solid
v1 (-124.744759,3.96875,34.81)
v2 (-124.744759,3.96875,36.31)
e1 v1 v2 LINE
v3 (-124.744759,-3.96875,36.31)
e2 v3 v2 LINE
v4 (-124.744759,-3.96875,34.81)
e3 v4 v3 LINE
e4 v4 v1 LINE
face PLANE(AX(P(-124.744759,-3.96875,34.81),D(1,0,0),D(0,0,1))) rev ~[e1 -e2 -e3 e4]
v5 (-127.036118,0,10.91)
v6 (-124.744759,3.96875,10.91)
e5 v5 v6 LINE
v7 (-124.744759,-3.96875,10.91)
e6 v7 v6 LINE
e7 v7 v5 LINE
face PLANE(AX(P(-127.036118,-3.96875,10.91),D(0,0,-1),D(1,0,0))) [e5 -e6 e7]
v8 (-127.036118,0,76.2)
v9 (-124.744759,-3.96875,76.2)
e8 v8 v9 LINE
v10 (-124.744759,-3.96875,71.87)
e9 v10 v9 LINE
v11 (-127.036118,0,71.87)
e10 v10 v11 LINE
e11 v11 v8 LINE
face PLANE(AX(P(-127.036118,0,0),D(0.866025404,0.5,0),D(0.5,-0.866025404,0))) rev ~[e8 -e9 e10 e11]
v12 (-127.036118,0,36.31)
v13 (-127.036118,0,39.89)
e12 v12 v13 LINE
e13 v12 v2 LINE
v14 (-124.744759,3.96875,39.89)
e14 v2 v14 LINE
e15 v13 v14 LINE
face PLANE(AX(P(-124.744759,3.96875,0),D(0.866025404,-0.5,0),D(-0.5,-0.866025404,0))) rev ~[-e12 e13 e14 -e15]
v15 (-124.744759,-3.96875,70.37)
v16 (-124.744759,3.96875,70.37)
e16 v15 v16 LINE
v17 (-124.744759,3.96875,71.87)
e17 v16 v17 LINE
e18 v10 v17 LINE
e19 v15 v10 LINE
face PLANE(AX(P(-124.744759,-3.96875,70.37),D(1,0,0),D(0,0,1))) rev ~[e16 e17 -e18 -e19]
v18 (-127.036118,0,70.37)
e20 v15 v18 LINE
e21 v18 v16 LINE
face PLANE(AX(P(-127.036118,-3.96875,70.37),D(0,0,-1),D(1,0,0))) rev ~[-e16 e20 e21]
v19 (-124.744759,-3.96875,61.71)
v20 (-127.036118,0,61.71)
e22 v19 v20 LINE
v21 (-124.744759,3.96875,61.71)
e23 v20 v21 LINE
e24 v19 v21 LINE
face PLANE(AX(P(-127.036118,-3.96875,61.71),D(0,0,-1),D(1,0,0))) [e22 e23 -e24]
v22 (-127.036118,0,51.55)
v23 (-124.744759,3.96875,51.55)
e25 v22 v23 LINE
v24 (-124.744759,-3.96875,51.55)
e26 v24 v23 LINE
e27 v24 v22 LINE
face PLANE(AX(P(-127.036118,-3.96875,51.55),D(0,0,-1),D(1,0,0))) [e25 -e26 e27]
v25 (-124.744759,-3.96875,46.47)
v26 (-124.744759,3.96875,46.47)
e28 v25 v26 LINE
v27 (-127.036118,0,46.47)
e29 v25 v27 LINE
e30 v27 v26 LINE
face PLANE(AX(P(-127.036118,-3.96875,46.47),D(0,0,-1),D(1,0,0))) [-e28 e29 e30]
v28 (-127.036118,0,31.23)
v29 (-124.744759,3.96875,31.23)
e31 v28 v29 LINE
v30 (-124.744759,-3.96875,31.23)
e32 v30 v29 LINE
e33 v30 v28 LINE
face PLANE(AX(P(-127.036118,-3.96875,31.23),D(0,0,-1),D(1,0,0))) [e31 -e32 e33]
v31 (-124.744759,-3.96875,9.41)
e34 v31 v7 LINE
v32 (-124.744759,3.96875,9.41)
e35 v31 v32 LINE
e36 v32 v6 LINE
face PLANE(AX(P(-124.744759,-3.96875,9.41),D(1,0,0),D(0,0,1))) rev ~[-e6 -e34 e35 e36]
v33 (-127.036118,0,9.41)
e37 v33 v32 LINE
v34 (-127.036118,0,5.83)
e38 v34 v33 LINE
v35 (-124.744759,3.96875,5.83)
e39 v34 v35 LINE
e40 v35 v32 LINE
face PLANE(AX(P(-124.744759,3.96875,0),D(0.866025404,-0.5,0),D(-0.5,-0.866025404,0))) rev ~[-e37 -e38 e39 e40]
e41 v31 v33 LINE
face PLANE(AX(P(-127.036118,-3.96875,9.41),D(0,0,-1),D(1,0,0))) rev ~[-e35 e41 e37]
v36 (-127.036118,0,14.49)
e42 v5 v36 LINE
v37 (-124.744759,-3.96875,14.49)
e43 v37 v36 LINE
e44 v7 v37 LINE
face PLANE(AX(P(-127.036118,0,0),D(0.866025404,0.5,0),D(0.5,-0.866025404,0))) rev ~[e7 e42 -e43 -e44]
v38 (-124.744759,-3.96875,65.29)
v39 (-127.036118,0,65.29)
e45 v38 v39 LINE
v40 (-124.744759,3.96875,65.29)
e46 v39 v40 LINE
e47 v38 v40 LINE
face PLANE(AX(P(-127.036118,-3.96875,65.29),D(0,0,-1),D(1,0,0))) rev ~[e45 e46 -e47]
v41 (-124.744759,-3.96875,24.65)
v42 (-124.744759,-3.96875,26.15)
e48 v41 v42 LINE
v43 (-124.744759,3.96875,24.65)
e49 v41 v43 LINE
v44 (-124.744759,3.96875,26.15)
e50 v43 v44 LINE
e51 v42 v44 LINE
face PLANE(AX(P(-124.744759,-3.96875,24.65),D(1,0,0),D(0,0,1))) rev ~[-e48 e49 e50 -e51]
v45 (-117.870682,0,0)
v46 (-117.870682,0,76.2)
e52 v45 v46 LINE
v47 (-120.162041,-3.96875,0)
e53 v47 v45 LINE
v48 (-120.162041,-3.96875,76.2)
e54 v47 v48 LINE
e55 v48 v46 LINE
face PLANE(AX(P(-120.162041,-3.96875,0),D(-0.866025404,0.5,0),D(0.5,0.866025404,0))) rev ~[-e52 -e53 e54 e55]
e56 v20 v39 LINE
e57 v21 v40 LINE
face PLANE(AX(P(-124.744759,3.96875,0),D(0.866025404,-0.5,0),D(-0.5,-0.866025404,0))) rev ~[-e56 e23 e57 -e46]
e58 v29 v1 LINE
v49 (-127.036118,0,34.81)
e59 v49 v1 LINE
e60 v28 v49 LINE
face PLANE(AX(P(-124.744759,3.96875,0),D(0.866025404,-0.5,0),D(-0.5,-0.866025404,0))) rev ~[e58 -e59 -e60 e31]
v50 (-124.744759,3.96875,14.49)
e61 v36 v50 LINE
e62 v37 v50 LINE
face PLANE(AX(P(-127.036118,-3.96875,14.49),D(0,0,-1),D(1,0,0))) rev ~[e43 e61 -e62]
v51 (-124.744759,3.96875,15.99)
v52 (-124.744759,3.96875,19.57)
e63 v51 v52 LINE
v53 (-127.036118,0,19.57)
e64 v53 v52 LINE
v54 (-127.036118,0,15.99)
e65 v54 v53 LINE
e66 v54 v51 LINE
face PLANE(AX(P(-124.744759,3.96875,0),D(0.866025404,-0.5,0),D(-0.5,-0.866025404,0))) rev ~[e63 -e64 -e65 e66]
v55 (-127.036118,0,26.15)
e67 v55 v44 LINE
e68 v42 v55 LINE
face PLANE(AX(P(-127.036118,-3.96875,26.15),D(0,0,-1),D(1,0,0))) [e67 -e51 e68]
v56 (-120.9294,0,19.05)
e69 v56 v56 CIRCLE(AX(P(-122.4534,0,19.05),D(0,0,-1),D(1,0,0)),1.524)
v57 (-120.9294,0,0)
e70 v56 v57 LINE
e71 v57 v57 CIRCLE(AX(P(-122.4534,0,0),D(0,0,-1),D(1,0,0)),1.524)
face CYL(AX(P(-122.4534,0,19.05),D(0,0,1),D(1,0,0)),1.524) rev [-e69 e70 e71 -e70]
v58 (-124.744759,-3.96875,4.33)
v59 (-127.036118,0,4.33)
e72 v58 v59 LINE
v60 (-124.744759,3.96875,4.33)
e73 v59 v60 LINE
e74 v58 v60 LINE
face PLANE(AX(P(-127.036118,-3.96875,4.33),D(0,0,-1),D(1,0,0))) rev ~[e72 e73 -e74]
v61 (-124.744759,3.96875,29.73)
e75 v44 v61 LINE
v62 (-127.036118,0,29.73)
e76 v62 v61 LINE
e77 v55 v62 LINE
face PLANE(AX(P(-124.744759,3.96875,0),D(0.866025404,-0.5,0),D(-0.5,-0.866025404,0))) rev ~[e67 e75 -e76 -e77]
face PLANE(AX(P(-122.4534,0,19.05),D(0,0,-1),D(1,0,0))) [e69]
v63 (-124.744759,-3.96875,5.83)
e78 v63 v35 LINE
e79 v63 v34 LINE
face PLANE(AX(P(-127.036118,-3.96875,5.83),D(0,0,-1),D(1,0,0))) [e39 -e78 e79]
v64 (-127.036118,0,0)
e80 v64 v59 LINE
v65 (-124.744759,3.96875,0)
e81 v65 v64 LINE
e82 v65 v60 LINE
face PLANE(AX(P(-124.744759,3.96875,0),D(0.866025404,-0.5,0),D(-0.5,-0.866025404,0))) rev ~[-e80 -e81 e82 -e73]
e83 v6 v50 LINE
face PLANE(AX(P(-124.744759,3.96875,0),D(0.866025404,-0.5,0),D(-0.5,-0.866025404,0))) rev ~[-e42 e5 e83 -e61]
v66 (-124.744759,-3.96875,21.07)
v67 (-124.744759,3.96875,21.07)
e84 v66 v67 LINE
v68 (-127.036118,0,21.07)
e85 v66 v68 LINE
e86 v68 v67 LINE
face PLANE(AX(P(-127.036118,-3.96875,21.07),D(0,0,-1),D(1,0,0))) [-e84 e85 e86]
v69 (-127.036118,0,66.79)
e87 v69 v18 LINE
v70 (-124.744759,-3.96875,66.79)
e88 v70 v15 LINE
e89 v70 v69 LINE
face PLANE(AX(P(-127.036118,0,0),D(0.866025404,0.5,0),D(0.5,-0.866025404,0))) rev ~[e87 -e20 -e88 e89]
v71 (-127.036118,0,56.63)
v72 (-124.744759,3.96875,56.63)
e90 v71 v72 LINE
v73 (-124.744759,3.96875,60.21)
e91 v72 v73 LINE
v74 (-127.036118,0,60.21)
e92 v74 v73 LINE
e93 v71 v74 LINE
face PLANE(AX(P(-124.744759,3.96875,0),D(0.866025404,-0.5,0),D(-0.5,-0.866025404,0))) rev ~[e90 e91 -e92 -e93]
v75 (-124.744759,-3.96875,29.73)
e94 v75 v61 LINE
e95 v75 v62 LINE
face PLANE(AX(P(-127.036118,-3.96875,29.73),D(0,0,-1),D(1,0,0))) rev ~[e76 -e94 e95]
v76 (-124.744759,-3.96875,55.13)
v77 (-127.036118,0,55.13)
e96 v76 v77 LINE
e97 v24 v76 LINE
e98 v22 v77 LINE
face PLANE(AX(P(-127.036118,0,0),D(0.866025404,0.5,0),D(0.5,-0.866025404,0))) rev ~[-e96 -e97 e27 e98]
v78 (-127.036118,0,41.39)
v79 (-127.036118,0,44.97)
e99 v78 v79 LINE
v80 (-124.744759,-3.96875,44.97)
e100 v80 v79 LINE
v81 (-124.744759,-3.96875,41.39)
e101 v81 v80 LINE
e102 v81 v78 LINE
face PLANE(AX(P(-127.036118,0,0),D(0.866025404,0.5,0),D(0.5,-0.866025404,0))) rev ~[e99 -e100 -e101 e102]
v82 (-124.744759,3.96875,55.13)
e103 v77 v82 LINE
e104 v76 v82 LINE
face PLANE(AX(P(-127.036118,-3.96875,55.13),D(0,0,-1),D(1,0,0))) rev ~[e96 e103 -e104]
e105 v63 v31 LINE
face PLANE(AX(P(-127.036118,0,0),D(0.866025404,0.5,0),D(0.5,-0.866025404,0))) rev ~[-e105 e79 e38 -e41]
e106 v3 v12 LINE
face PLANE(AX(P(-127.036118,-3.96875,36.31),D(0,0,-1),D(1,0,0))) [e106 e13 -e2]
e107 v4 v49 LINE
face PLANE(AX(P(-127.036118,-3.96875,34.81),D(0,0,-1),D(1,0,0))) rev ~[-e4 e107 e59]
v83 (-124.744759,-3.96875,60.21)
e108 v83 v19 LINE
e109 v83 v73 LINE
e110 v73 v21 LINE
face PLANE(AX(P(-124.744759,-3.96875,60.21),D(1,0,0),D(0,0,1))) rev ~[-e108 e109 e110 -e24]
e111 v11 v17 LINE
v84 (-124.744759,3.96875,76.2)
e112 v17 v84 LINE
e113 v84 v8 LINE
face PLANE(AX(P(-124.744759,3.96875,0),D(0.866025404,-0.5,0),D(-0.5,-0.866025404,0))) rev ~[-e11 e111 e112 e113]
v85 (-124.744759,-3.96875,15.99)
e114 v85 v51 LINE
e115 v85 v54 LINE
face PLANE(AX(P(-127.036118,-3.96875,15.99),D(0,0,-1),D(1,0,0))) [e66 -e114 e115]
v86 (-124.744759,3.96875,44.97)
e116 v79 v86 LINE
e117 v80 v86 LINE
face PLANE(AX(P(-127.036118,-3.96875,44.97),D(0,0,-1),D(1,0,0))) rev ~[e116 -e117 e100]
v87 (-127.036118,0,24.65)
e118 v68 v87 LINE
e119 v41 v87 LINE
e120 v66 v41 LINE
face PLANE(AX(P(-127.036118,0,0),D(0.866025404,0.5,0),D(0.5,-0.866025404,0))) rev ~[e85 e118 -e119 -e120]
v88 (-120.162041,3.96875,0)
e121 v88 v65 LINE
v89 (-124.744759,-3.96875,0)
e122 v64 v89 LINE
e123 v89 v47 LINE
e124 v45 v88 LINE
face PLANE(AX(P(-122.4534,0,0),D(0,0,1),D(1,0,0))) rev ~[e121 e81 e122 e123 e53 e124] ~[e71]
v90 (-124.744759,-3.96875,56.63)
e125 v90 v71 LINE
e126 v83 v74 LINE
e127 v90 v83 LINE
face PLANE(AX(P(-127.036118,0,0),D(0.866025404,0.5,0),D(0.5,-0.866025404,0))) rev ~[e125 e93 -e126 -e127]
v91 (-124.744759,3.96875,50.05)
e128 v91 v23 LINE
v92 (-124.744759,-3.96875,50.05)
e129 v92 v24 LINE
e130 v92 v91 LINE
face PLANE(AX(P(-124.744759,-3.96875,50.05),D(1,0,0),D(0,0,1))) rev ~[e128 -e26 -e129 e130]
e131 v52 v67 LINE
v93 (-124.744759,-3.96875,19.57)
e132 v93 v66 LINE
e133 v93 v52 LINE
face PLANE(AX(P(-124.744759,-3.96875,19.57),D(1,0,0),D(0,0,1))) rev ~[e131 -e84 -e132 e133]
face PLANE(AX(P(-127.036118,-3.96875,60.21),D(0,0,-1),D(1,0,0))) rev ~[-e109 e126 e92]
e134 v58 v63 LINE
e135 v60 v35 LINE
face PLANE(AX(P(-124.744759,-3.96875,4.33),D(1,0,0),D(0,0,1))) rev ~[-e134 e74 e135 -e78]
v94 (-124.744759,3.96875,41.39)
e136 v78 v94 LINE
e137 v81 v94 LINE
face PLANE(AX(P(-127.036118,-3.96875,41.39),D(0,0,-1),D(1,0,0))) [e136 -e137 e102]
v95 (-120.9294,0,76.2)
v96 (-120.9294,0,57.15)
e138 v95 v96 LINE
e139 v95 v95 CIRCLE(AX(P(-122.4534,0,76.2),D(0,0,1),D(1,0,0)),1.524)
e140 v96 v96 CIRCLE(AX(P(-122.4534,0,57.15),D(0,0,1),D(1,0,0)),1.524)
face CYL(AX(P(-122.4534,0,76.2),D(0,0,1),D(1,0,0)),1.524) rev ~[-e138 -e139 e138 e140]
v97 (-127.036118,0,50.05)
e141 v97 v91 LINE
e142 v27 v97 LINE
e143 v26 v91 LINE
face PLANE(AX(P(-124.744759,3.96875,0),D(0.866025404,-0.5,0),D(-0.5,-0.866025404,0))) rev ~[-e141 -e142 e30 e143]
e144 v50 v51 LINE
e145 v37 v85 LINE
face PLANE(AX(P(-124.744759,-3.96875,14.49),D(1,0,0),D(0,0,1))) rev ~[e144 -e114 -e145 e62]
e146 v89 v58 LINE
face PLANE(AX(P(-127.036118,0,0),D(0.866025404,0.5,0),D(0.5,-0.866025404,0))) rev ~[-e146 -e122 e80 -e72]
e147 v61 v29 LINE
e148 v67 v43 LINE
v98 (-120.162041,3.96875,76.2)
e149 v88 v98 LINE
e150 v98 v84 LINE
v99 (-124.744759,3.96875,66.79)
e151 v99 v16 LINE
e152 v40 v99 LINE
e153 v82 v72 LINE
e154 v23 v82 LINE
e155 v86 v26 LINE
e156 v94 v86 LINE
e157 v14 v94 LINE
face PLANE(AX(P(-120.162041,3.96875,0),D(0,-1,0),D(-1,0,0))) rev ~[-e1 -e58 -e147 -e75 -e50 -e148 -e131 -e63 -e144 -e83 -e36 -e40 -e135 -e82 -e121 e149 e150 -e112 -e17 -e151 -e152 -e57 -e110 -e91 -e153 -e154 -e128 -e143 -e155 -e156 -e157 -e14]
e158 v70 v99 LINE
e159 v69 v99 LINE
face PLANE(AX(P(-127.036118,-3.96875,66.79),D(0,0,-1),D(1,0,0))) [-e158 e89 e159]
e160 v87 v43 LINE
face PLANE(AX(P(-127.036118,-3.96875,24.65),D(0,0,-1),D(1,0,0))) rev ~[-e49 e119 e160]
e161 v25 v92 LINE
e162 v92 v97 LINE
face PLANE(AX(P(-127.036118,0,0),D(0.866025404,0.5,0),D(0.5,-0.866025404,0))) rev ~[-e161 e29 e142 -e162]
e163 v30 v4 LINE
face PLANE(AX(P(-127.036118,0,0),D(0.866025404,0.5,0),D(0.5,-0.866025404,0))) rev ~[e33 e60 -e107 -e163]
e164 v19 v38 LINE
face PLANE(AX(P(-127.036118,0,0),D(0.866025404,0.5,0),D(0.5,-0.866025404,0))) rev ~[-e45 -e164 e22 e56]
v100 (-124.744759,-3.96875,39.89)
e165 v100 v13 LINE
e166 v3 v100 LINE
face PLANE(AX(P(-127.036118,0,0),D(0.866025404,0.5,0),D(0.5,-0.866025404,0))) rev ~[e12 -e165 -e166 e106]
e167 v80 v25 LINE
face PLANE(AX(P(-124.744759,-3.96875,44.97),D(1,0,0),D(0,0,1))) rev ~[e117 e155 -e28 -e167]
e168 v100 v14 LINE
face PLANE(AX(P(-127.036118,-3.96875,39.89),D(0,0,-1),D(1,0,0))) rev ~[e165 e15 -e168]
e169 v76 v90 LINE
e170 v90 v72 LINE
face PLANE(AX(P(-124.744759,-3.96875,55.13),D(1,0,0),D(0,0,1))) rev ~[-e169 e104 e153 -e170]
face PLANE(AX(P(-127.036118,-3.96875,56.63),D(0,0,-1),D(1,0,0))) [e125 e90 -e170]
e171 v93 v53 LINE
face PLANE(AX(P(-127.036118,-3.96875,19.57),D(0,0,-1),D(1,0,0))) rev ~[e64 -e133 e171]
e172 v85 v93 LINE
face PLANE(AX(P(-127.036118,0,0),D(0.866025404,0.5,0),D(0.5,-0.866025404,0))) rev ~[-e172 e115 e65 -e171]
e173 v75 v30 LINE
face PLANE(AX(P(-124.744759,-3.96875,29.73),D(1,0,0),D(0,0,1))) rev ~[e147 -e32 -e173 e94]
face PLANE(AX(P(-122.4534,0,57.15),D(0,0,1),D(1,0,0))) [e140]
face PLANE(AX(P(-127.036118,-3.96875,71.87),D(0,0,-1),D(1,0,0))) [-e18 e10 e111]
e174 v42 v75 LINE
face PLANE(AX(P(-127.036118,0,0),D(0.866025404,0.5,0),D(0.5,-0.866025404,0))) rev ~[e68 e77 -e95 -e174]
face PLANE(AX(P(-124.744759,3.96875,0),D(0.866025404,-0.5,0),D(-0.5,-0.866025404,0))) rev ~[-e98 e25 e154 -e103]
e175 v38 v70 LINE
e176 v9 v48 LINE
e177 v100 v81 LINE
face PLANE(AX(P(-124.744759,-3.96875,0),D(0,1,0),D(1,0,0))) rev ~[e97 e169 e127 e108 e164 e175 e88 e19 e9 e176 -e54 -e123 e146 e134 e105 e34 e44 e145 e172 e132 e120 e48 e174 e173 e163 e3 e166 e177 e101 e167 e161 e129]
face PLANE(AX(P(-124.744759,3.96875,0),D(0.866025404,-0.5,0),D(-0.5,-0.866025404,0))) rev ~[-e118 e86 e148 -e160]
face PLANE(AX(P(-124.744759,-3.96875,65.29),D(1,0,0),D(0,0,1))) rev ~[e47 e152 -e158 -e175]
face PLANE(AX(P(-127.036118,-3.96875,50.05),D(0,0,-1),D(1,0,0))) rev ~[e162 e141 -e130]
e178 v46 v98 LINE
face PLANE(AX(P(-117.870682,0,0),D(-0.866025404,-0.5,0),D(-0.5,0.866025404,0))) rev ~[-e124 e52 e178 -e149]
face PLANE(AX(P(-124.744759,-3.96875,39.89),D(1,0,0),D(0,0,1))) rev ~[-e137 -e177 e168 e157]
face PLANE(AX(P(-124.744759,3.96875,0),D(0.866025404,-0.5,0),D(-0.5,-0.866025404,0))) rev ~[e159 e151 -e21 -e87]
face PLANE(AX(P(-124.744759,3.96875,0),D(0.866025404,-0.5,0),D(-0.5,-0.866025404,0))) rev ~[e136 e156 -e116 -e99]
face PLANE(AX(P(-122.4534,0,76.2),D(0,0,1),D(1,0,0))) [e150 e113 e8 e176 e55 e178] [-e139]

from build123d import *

# Parameters (mm, degrees)
BOSS_EXTRUDE1_DEPTH = 76.2
SKETCH2_R           = 1.524
CUT_EXTRUDE1_DEPTH  = 19.05
CUT_EXTRUDE2_START  = -19.05
SKETCH3_R           = 1.524
CUT_EXTRUDE2_DEPTH  = 19.05
SKETCH6_W           = 2.291358881
SKETCH6_H           = 1.5
CUT_EXTRUDE4_DEPTH  = 19.05


with BuildPart() as part:
    # Sketch1 → Boss-Extrude1 (new body)
    with BuildSketch(Plane.XY):
        Polygon((-117.870682238, 0), (-120.162041119, 3.96875), (-124.744758881, 3.96875), (-127.036117762, 0), (-124.744758881, -3.96875), (-120.162041119, -3.96875), align=None)
    extrude(amount=BOSS_EXTRUDE1_DEPTH)

    # Sketch2 → Cut-Extrude1 (cut)
    with BuildSketch(Plane.XY.offset(76.2)):
        with Locations((-122.4534, 0)):
            Circle(SKETCH2_R)
    extrude(amount=-CUT_EXTRUDE1_DEPTH, mode=Mode.SUBTRACT)

    # Sketch3 → Cut-Extrude2 (cut)
    with BuildSketch(Plane(origin=(0, 0, 0), x_dir=(-1, 0, 0), z_dir=(0, 0, -1)).offset(CUT_EXTRUDE2_START)):
        with Locations(Location((122.4534, 0, 0), (0, 0, 180))):
            Circle(SKETCH3_R)
    extrude(amount=CUT_EXTRUDE2_DEPTH, mode=Mode.SUBTRACT)

    # Sketch6 → Cut-Extrude4 (cut)
    with BuildSketch(Plane.XZ.offset(3.96875)):
        with Locations((-125.890438321, 5.08)):
            Rectangle(SKETCH6_W, SKETCH6_H)
        with Locations((-125.890438321, 10.16)):
            Rectangle(SKETCH6_W, SKETCH6_H)
        with Locations((-125.890438321, 15.24)):
            Rectangle(SKETCH6_W, SKETCH6_H)
        with Locations((-125.890438321, 20.32)):
            Rectangle(SKETCH6_W, SKETCH6_H)
        with Locations((-125.890438321, 25.4)):
            Rectangle(SKETCH6_W, SKETCH6_H)
        with Locations((-125.890438321, 30.48)):
            Rectangle(SKETCH6_W, SKETCH6_H)
        with Locations((-125.890438321, 35.56)):
            Rectangle(SKETCH6_W, SKETCH6_H)
        with Locations((-125.890438321, 40.64)):
            Rectangle(SKETCH6_W, SKETCH6_H)
        with Locations((-125.890438321, 45.72)):
            Rectangle(SKETCH6_W, SKETCH6_H)
        with Locations((-125.890438321, 50.8)):
            Rectangle(SKETCH6_W, SKETCH6_H)
        with Locations((-125.890438321, 55.88)):
            Rectangle(SKETCH6_W, SKETCH6_H)
        with Locations((-125.890438321, 60.96)):
            Rectangle(SKETCH6_W, SKETCH6_H)
        with Locations((-125.890438321, 66.04)):
            Rectangle(SKETCH6_W, SKETCH6_H)
        with Locations((-125.890438321, 71.12)):
            Rectangle(SKETCH6_W, SKETCH6_H)
    extrude(amount=-CUT_EXTRUDE4_DEPTH, mode=Mode.SUBTRACT)


solid = part.part
